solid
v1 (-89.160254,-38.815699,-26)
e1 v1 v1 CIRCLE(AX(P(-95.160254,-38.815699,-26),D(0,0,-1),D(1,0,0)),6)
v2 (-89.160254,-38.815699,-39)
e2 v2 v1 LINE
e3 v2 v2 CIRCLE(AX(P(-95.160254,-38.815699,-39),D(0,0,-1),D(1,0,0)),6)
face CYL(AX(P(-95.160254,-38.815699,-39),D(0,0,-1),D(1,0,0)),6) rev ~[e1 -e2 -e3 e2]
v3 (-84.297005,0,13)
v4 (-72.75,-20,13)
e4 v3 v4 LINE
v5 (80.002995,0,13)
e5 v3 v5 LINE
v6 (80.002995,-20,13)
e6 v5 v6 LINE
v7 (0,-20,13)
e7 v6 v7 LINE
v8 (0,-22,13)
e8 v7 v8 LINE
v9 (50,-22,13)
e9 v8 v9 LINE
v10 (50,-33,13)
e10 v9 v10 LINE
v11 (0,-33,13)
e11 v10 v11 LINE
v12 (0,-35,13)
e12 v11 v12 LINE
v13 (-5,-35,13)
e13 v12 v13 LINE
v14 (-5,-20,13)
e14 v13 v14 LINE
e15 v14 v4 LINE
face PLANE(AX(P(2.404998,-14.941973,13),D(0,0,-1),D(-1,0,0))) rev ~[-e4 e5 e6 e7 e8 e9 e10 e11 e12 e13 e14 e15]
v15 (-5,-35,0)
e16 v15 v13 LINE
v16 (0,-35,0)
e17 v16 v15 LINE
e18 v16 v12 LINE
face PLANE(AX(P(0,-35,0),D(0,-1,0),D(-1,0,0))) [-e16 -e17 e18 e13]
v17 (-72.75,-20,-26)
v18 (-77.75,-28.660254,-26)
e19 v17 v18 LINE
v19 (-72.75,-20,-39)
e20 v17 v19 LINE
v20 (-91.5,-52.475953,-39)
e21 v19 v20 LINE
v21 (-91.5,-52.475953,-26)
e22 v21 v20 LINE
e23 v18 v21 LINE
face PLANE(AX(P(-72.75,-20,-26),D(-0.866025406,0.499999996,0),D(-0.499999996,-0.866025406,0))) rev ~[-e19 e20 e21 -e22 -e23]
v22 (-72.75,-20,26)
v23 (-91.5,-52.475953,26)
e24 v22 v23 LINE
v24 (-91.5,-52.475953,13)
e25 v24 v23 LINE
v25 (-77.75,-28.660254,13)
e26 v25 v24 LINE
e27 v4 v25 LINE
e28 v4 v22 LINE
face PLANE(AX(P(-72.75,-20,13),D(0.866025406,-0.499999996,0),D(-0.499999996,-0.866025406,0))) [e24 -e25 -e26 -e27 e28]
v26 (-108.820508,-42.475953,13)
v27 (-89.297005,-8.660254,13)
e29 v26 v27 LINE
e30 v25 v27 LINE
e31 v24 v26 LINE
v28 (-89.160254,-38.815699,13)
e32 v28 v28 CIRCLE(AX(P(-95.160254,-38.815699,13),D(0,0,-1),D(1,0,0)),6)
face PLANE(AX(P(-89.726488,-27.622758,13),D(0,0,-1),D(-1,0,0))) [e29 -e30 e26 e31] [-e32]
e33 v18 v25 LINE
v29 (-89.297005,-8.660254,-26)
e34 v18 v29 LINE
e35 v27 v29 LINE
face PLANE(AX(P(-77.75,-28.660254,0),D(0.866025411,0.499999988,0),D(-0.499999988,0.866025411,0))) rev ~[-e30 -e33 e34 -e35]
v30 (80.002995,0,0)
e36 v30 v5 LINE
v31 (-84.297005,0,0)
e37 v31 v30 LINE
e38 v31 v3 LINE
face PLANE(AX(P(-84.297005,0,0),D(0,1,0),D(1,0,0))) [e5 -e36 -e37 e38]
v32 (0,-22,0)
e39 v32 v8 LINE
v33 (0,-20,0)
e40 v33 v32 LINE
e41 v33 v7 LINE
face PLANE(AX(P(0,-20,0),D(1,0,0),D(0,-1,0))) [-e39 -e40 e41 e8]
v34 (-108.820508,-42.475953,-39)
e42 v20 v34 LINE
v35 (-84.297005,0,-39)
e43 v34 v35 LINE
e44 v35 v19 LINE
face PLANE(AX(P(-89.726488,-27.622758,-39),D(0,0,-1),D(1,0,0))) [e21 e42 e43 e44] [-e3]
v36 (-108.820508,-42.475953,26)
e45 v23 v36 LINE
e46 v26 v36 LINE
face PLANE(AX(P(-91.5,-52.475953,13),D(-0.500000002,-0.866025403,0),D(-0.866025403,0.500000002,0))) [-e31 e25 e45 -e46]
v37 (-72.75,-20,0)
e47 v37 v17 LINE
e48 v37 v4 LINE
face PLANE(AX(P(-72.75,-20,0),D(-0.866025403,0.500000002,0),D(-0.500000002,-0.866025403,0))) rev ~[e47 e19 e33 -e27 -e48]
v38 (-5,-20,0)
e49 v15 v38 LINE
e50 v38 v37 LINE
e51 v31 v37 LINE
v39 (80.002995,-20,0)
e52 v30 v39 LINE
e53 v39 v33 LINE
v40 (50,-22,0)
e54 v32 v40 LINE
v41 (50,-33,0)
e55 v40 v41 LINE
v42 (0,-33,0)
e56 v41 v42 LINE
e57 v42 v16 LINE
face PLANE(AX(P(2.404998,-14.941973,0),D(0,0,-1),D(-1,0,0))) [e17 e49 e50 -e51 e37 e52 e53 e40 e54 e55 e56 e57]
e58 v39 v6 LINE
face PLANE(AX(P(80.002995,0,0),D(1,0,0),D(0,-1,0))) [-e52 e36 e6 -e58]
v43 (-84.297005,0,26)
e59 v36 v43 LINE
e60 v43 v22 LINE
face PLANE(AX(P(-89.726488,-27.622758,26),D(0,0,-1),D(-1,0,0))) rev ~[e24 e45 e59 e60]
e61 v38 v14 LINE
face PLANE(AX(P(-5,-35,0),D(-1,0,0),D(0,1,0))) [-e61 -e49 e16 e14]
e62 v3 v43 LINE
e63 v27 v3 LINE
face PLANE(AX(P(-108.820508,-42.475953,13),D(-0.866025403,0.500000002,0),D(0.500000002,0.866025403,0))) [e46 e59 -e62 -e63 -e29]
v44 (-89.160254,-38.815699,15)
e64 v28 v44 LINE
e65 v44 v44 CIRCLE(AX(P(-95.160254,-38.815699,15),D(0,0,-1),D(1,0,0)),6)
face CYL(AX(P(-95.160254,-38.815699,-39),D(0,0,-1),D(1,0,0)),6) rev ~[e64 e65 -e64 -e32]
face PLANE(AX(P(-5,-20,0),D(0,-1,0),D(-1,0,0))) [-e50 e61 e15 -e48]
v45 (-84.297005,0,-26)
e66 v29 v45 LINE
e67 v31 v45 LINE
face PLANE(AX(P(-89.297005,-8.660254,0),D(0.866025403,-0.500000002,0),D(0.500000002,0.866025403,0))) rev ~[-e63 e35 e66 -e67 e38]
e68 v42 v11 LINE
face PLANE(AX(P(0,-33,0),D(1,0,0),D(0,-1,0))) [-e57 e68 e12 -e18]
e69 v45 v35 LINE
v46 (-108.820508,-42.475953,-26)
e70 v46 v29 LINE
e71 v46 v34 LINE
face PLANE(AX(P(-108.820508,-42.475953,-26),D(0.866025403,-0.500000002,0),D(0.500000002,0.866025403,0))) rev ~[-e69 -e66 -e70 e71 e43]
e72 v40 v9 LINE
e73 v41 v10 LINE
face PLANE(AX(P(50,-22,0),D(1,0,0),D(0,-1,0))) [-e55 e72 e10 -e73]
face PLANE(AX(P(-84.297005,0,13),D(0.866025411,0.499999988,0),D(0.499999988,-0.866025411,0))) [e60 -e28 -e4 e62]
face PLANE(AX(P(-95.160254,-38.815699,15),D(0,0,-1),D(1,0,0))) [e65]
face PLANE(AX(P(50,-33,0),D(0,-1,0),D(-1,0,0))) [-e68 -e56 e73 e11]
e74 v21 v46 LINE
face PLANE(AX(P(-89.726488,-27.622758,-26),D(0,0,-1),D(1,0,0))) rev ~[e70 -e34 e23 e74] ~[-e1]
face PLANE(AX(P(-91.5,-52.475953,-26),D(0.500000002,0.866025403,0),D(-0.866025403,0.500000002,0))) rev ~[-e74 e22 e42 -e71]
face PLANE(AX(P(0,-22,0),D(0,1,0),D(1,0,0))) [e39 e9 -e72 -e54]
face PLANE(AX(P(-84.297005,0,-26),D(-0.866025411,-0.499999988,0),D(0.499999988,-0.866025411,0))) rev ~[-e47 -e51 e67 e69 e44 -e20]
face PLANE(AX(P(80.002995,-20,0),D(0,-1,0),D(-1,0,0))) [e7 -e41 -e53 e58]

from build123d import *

# Parameters (mm, degrees)
PAD_DEPTH    = 13
PAD001_DEPTH = 13
PAD002_DEPTH = 26
PAD003_DEPTH = 13
SKETCH004_R  = 6
POCKET_DEPTH = 54


with BuildPart() as part:
    # Sketch → Pad (new body)
    with BuildSketch(Plane.XY):
        Polygon((-84.297005, 0), (80.002995, 0), (80.002995, -20), (0, -20), (0, -22), (50, -22), (50, -33), (0, -33), (0, -35), (-5, -35), (-5, -20), (-72.75, -20), (-77.75, -28.660254), (-89.297005, -8.660254), align=None)
    extrude(amount=PAD_DEPTH)

    # Sketch001 (on Face16 of Pad) → Pad001 (join)
    with BuildSketch(Plane.XY.offset(13)):
        Polygon((-84.297005, 0), (-72.75, -20), (-91.5, -52.475953), (-108.820508, -42.475953), align=None)
    extrude(amount=PAD001_DEPTH)

    # Sketch002 (on Face4 of Pad001) → Pad002 (join)
    with BuildSketch(Plane(origin=(0, 0, 0), x_dir=(1, 0, 0), z_dir=(0, 0, -1))):
        Polygon((-77.75, 28.660254), (-89.297005, 8.660254), (-84.297005, 0), (-72.75, 20), align=None)
    extrude(amount=PAD002_DEPTH)

    # Sketch003 (on Face23 of Pad002) → Pad003 (join)
    with BuildSketch(Plane(origin=(0, 0, -26), x_dir=(1, 0, 0), z_dir=(0, 0, -1))):
        Polygon((-72.75, 20), (-91.5, 52.475953), (-108.820508, 42.475953), (-84.297005, 0), align=None)
    extrude(amount=PAD003_DEPTH)

    # Sketch004 (on Face31 of Pad003) → Pocket (cut)
    with BuildSketch(Plane(origin=(0, 0, -39), x_dir=(1, 0, 0), z_dir=(0, 0, -1))):
        with Locations((-95.160254, 38.815699)):
            Circle(SKETCH004_R)
    extrude(amount=-POCKET_DEPTH, mode=Mode.SUBTRACT)


solid = part.part
